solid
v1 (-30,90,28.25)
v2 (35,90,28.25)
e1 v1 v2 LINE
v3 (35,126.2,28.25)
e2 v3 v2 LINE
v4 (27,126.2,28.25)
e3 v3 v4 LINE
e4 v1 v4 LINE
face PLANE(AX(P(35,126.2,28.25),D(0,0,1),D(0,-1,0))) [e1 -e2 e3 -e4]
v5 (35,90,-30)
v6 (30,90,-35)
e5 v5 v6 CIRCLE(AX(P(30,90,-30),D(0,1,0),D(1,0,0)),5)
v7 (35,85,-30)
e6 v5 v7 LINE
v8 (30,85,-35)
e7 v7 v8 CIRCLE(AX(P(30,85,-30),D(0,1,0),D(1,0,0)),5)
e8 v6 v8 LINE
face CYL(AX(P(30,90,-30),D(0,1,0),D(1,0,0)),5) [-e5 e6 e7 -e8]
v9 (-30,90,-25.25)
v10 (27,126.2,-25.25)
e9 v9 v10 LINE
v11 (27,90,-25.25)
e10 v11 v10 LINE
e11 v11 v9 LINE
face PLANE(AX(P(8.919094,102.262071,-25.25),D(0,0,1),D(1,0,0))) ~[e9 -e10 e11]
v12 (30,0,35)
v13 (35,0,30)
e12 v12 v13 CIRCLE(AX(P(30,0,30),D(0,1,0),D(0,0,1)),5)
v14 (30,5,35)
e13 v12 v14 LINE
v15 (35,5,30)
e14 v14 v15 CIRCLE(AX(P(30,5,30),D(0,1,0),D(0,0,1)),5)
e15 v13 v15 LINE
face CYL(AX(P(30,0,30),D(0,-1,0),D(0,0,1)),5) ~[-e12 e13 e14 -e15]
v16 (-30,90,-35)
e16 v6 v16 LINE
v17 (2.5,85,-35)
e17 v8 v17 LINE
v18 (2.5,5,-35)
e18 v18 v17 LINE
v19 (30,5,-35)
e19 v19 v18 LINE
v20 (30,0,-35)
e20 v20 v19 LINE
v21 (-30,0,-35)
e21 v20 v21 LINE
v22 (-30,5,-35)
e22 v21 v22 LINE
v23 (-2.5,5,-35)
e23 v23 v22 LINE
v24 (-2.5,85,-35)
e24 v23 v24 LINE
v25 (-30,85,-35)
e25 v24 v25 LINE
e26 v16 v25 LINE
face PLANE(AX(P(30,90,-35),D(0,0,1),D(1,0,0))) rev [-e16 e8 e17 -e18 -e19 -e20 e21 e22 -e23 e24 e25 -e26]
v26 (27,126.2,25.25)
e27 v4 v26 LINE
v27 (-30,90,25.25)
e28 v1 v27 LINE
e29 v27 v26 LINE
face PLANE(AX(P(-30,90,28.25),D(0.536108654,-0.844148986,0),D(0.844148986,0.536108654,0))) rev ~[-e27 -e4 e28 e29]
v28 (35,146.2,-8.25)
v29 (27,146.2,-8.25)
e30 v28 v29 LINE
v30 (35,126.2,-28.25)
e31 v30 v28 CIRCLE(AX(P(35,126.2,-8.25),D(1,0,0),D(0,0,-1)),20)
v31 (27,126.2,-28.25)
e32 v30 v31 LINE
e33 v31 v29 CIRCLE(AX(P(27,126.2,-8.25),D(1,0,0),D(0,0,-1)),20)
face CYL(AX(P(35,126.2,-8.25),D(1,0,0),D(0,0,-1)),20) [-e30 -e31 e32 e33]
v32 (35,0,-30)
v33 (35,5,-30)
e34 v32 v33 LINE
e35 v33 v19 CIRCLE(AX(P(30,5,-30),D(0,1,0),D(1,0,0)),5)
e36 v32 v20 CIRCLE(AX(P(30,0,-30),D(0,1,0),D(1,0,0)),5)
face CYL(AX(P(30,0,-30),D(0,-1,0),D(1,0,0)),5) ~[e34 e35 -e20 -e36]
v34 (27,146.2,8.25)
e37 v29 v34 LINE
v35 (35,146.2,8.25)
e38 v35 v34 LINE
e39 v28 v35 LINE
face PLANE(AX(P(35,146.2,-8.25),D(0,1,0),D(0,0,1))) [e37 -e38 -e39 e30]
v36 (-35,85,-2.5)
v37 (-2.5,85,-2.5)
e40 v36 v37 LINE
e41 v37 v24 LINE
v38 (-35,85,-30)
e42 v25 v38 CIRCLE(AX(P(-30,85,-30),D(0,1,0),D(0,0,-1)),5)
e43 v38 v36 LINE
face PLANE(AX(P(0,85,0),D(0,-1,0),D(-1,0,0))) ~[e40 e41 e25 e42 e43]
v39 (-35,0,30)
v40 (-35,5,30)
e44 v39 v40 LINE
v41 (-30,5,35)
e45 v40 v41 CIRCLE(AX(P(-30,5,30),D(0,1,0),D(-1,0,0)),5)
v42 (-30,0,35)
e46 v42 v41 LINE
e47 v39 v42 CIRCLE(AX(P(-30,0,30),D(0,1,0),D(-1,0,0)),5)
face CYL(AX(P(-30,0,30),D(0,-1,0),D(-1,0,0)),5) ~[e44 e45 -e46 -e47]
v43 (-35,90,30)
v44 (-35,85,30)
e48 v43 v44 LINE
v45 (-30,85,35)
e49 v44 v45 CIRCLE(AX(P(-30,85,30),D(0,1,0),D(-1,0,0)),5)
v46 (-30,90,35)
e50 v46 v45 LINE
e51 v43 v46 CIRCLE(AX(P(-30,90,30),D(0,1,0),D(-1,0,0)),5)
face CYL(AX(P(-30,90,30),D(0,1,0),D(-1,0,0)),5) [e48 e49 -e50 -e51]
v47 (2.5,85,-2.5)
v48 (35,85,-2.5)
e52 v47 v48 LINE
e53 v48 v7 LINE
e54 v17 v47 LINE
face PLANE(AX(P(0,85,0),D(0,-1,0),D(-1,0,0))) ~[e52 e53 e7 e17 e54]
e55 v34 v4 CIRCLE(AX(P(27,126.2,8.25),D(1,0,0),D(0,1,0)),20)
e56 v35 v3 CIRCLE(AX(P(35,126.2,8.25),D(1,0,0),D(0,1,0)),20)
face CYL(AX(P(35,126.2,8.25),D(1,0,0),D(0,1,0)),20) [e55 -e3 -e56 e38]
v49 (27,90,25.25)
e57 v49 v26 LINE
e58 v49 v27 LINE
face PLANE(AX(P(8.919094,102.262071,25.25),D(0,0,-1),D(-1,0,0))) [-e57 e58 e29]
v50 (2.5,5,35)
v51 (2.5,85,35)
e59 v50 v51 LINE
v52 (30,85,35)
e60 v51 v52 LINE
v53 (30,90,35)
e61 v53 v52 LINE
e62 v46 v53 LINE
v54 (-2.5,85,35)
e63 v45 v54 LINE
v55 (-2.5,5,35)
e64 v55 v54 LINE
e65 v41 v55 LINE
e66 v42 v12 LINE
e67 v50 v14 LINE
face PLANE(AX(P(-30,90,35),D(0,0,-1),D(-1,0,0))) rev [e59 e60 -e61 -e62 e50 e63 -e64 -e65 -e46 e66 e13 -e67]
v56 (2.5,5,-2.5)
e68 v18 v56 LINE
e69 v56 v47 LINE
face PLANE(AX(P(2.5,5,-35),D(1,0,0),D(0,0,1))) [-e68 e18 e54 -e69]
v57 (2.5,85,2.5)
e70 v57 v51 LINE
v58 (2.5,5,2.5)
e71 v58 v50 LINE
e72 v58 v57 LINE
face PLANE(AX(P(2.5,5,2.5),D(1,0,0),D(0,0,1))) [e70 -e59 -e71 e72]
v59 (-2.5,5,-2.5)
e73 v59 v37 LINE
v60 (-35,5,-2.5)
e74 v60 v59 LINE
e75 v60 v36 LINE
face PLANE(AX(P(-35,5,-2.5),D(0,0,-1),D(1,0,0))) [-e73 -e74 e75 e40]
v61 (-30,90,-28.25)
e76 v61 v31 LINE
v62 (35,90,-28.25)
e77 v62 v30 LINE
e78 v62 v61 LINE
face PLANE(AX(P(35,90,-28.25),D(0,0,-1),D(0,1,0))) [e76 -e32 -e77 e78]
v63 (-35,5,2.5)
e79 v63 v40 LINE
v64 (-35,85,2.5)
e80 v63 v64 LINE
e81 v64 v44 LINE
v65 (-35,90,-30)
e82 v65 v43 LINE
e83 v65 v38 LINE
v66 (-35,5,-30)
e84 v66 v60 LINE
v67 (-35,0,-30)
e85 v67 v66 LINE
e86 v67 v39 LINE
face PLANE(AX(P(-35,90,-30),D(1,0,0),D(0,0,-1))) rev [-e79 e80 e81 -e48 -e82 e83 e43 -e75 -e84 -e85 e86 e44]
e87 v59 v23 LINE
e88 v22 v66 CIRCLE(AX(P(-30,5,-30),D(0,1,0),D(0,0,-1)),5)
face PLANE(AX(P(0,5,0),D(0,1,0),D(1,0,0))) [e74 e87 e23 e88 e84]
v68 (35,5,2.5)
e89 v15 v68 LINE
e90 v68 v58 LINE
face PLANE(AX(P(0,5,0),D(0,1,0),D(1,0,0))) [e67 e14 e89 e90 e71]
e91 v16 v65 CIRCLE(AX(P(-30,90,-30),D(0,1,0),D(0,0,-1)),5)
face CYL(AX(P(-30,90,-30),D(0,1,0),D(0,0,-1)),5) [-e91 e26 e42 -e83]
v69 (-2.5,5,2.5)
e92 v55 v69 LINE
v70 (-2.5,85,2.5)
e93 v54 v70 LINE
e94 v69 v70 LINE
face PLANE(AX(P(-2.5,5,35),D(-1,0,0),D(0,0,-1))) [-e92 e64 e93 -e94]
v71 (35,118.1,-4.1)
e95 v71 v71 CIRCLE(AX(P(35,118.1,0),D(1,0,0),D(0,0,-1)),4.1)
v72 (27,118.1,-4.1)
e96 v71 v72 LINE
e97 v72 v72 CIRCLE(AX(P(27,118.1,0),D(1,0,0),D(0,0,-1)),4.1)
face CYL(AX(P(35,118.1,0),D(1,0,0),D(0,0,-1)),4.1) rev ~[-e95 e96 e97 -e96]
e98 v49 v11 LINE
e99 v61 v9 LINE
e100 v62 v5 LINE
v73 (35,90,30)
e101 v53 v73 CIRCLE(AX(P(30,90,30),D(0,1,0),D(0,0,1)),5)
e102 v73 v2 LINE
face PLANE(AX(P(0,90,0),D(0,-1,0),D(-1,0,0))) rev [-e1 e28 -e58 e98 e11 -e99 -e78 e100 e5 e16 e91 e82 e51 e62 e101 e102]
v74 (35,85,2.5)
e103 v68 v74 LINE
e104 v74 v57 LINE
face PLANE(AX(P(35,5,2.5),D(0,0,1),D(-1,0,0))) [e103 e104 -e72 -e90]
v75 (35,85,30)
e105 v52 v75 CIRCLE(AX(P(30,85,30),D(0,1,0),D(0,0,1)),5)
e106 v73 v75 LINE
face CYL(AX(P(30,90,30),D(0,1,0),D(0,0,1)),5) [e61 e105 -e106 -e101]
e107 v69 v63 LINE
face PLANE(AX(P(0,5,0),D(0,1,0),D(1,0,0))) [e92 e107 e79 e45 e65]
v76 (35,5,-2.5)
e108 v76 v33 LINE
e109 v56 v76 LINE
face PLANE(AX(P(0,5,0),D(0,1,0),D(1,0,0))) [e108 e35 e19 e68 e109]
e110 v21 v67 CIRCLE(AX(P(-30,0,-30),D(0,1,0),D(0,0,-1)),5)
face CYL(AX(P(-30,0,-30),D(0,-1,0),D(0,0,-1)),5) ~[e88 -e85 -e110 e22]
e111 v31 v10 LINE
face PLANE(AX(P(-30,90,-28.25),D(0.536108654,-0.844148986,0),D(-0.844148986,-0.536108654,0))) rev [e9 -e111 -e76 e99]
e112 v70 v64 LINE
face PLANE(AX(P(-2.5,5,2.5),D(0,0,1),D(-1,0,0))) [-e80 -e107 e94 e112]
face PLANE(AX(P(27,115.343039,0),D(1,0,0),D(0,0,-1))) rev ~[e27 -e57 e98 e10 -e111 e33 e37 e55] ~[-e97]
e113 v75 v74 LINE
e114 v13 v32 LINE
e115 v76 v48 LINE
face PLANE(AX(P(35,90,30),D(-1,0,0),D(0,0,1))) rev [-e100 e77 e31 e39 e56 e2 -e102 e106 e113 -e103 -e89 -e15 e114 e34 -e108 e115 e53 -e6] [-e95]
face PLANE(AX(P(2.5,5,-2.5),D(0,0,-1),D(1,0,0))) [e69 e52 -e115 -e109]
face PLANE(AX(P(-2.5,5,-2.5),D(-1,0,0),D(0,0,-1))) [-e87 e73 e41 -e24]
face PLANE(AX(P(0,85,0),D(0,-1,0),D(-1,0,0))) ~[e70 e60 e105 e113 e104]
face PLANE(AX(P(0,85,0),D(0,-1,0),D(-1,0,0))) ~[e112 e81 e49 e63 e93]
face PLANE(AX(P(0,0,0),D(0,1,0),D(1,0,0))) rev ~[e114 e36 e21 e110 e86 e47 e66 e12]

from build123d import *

# Parameters (mm, degrees)
BOSS_EXTRUDE1_DEPTH = 5
BOSS_EXTRUDE2_DEPTH = 80
SKETCH4_R           = 4.1
BOSS_EXTRUDE3_DEPTH = 8
BOSS_EXTRUDE4_DEPTH = 3


with BuildPart() as part:
    # Sketch2 → Boss-Extrude1 (new body)
    with BuildSketch(Plane(origin=(0, 0, 0), x_dir=(1, 0, 0), z_dir=(0, 1, 0))):
        with BuildLine():
            Line((-30, -35), (30, -35))
            ThreePointArc((30, -35), (33.535533906, -33.535533906), (35, -30))
            Line((35, -30), (35, 30))
            ThreePointArc((35, 30), (33.535533906, 33.535533906), (30, 35))
            Line((30, 35), (-30, 35))
            ThreePointArc((-30, 35), (-33.535533906, 33.535533906), (-35, 30))
            Line((-35, 30), (-35, -30))
            ThreePointArc((-35, -30), (-33.535533906, -33.535533906), (-30, -35))
        make_face()
    boss_extrude1 = extrude(amount=BOSS_EXTRUDE1_DEPTH)

    # Sketch3 → Boss-Extrude2 (add)
    with BuildSketch(Plane(origin=(0, 5, 0), x_dir=(1, 0, 0), z_dir=(0, 1, 0))):
        Polygon((-2.5, 2.5), (-2.5, 35), (2.5, 35), (2.5, 2.5), (35, 2.5), (35, -2.5), (2.5, -2.5), (2.5, -35), (-2.5, -35), (-2.5, -2.5), (-35, -2.5), (-35, 2.5), align=None)
    extrude(amount=BOSS_EXTRUDE2_DEPTH)

    # Mirror1: Boss-Extrude1 across plane
    add(boss_extrude1.mirror(Plane.ZX.offset(45)))

    # Sketch4 → Boss-Extrude3 (add)
    with BuildSketch(Plane(origin=(35, 0, 0), x_dir=(0, 0, -1), z_dir=(1, 0, 0))):
        with BuildLine():
            Line((-28.25, 90), (28.25, 90))
            Line((28.25, 90), (28.25, 126.2))
            ThreePointArc((28.25, 126.2), (22.392135624, 140.342135624), (8.25, 146.2))
            Line((8.25, 146.2), (-8.25, 146.2))
            ThreePointArc((-8.25, 146.2), (-22.392135624, 140.342135624), (-28.25, 126.2))
            Line((-28.25, 126.2), (-28.25, 90))
        make_face()
        with Locations((0, 118.1)):
            Circle(SKETCH4_R, mode=Mode.SUBTRACT)
    extrude(amount=-BOSS_EXTRUDE3_DEPTH)

    # Sketch5 → Boss-Extrude4 (add)
    with BuildSketch(Plane.XY.offset(28.25)):
        Polygon((35, 90), (-30, 90), (27, 126.2), (35, 126.2), align=None)
    boss_extrude4 = extrude(amount=-BOSS_EXTRUDE4_DEPTH)

    # Mirror2: Boss-Extrude4 across plane
    add(boss_extrude4.mirror(Plane(origin=(0, 0, 0), x_dir=(1, 0, 0), z_dir=(0, 0, -1))))


solid = part.part
